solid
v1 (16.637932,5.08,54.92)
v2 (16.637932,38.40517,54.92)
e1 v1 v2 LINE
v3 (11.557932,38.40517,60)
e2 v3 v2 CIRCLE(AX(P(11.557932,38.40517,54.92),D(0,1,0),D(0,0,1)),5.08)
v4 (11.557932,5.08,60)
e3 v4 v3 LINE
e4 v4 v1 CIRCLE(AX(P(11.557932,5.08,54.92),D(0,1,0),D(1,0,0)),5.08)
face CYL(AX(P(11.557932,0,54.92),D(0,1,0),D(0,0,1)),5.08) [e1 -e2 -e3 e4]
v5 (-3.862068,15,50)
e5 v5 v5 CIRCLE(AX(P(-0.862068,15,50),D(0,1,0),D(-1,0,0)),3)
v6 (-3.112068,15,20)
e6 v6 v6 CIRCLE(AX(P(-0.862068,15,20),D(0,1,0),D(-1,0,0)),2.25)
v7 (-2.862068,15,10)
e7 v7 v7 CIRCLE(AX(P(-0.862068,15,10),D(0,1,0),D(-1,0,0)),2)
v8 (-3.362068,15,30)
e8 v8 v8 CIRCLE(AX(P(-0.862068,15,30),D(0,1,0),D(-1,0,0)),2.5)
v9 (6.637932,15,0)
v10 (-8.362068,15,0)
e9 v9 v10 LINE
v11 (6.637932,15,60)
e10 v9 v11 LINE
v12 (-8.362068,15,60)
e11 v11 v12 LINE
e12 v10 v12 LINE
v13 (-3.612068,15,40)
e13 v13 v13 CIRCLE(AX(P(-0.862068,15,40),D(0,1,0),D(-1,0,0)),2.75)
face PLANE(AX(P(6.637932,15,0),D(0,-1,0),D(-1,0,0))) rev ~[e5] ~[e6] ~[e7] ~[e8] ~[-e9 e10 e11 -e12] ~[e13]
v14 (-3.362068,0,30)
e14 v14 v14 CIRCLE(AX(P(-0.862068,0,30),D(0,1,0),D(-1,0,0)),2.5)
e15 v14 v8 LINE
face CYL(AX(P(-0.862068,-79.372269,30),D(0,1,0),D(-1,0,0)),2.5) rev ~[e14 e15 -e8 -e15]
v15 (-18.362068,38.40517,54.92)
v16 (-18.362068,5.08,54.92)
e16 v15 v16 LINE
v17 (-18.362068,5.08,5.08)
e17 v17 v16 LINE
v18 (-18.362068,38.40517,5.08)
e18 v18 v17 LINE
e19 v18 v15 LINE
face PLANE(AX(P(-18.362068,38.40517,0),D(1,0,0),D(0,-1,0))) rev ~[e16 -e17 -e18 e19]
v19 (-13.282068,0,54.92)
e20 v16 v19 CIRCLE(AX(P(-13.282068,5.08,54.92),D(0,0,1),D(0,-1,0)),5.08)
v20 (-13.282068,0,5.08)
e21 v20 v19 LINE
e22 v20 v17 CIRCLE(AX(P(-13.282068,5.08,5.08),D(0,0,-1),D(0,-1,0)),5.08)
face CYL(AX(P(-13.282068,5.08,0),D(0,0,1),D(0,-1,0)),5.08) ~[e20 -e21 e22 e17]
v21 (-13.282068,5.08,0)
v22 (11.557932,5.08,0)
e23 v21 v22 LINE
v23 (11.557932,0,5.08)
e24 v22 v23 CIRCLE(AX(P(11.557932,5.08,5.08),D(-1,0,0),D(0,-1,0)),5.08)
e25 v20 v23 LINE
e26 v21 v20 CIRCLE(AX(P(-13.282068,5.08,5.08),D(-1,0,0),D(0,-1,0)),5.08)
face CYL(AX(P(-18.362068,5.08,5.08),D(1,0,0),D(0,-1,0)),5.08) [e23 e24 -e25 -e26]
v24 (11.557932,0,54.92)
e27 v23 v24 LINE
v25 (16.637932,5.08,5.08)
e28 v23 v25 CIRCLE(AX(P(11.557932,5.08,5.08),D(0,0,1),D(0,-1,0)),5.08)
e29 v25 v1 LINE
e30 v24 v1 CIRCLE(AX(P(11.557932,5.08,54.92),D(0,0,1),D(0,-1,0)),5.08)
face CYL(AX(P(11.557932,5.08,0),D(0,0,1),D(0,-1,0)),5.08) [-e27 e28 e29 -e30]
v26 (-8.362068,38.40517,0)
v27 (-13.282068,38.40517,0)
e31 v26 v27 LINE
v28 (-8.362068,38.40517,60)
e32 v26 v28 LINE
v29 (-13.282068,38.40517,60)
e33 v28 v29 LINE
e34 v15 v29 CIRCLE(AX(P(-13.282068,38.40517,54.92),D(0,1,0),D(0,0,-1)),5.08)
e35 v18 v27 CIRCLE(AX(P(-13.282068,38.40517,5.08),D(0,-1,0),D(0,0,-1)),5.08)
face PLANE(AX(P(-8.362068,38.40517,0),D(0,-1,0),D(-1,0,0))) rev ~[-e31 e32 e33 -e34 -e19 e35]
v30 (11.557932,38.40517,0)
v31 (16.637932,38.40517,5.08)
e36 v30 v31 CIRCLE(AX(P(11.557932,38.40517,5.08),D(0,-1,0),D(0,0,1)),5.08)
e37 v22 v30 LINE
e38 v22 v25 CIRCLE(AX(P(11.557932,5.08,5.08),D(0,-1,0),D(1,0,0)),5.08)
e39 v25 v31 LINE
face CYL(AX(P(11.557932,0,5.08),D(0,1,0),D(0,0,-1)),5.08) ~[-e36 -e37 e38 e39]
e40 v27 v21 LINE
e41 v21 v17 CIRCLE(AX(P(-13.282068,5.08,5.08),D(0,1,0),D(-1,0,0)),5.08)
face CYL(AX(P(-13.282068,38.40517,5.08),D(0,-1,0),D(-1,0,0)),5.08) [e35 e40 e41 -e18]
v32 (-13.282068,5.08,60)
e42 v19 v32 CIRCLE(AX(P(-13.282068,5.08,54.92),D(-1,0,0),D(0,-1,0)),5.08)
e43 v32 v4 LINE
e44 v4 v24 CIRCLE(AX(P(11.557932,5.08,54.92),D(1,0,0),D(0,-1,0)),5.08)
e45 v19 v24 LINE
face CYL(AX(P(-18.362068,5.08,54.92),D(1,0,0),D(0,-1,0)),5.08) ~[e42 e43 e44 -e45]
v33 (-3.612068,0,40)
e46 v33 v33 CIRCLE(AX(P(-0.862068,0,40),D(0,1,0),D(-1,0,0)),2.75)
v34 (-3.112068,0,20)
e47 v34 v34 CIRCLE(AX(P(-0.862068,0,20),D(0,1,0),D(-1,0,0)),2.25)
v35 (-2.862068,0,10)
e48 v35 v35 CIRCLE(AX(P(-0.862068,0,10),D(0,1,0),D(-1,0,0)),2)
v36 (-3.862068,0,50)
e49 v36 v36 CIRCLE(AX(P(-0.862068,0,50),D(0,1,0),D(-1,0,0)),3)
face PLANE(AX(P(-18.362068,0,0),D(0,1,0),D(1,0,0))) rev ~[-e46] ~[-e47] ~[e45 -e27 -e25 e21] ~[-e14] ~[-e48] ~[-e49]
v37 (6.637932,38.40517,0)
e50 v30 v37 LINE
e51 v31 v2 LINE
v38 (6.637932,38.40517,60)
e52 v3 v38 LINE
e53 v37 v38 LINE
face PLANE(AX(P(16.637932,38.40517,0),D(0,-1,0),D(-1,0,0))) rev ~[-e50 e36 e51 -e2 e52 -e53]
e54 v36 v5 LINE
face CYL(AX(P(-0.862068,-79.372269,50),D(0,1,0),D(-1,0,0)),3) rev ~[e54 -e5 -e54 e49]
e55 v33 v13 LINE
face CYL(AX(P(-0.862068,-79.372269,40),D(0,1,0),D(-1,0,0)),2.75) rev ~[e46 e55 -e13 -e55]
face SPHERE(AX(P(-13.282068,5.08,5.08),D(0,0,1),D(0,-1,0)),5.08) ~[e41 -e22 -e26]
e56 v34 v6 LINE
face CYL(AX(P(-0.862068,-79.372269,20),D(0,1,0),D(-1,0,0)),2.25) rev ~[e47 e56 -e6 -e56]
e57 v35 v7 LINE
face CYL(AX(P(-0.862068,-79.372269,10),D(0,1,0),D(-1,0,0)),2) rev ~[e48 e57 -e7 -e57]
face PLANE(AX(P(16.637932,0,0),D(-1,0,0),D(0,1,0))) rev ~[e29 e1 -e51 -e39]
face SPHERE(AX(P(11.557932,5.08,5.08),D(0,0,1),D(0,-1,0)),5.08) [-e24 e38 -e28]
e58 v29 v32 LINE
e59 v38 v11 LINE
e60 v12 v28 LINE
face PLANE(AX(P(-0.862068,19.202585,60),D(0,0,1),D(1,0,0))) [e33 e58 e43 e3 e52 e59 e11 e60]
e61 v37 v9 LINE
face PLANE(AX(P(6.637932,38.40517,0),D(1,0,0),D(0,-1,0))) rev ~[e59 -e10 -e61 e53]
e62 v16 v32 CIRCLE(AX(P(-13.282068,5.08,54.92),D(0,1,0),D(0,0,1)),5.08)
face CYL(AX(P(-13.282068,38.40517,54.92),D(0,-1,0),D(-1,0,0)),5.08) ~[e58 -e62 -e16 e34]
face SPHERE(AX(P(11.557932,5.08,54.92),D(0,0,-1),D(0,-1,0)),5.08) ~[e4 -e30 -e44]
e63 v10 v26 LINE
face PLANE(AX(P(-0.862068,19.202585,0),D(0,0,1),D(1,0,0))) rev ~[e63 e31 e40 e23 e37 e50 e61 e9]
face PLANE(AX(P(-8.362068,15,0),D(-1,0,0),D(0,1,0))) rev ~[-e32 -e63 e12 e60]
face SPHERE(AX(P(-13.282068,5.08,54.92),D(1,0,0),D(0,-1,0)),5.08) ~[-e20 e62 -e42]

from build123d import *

# Parameters (mm, degrees)
F1_DEPTH = 60
F3_D     = 4
F4_D     = 4.5
F5_D     = 5
F6_D     = 5.5
F7_D     = 6
F8_R     = 5.08


with BuildPart() as f1:
    # F0 (on Top) → F1 (new body)
    with BuildSketch(Plane.XY):
        Polygon((-18.362068, 0), (-17.327586, 0), (16.637932, 0), (16.637932, 38.40517), (6.637932, 38.40517), (6.637932, 15), (-8.362068, 15), (-8.362068, 38.40517), (-18.362068, 38.40517), align=None)
    extrude(amount=F1_DEPTH)

    # F3 (through all)
    with Locations(Plane.XZ):
        with Locations((-0.862068, 10)):
            Hole(F3_D / 2)

    # F4 (through all)
    with Locations(Plane.XZ):
        with Locations((-0.862068, 20)):
            Hole(F4_D / 2)

    # F5 (through all)
    with Locations(Plane.XZ):
        with Locations((-0.862068, 30)):
            Hole(F5_D / 2)

    # F6 (through all)
    with Locations(Plane.XZ):
        with Locations((-0.862068, 40)):
            Hole(F6_D / 2)

    # F7 (through all)
    with Locations(Plane.XZ):
        with Locations((-0.862068, 50)):
            Hole(F7_D / 2)

    # F8
    f8_edges = [f1.edges().sort_by_distance(p)[0] for p in [
        (16.637932, 0, 30),
        (-0.862068, 0, 60),
        (-18.362068, 0, 30),
        (-0.862068, 0, 0),
        (-18.362068, 19.202585, 60),
        (16.637932, 19.202585, 60),
        (-18.362068, 19.202585, 0),
        (16.637932, 19.202585, 0),
    ]]
    fillet(f8_edges, radius=F8_R)


solid = f1.part
